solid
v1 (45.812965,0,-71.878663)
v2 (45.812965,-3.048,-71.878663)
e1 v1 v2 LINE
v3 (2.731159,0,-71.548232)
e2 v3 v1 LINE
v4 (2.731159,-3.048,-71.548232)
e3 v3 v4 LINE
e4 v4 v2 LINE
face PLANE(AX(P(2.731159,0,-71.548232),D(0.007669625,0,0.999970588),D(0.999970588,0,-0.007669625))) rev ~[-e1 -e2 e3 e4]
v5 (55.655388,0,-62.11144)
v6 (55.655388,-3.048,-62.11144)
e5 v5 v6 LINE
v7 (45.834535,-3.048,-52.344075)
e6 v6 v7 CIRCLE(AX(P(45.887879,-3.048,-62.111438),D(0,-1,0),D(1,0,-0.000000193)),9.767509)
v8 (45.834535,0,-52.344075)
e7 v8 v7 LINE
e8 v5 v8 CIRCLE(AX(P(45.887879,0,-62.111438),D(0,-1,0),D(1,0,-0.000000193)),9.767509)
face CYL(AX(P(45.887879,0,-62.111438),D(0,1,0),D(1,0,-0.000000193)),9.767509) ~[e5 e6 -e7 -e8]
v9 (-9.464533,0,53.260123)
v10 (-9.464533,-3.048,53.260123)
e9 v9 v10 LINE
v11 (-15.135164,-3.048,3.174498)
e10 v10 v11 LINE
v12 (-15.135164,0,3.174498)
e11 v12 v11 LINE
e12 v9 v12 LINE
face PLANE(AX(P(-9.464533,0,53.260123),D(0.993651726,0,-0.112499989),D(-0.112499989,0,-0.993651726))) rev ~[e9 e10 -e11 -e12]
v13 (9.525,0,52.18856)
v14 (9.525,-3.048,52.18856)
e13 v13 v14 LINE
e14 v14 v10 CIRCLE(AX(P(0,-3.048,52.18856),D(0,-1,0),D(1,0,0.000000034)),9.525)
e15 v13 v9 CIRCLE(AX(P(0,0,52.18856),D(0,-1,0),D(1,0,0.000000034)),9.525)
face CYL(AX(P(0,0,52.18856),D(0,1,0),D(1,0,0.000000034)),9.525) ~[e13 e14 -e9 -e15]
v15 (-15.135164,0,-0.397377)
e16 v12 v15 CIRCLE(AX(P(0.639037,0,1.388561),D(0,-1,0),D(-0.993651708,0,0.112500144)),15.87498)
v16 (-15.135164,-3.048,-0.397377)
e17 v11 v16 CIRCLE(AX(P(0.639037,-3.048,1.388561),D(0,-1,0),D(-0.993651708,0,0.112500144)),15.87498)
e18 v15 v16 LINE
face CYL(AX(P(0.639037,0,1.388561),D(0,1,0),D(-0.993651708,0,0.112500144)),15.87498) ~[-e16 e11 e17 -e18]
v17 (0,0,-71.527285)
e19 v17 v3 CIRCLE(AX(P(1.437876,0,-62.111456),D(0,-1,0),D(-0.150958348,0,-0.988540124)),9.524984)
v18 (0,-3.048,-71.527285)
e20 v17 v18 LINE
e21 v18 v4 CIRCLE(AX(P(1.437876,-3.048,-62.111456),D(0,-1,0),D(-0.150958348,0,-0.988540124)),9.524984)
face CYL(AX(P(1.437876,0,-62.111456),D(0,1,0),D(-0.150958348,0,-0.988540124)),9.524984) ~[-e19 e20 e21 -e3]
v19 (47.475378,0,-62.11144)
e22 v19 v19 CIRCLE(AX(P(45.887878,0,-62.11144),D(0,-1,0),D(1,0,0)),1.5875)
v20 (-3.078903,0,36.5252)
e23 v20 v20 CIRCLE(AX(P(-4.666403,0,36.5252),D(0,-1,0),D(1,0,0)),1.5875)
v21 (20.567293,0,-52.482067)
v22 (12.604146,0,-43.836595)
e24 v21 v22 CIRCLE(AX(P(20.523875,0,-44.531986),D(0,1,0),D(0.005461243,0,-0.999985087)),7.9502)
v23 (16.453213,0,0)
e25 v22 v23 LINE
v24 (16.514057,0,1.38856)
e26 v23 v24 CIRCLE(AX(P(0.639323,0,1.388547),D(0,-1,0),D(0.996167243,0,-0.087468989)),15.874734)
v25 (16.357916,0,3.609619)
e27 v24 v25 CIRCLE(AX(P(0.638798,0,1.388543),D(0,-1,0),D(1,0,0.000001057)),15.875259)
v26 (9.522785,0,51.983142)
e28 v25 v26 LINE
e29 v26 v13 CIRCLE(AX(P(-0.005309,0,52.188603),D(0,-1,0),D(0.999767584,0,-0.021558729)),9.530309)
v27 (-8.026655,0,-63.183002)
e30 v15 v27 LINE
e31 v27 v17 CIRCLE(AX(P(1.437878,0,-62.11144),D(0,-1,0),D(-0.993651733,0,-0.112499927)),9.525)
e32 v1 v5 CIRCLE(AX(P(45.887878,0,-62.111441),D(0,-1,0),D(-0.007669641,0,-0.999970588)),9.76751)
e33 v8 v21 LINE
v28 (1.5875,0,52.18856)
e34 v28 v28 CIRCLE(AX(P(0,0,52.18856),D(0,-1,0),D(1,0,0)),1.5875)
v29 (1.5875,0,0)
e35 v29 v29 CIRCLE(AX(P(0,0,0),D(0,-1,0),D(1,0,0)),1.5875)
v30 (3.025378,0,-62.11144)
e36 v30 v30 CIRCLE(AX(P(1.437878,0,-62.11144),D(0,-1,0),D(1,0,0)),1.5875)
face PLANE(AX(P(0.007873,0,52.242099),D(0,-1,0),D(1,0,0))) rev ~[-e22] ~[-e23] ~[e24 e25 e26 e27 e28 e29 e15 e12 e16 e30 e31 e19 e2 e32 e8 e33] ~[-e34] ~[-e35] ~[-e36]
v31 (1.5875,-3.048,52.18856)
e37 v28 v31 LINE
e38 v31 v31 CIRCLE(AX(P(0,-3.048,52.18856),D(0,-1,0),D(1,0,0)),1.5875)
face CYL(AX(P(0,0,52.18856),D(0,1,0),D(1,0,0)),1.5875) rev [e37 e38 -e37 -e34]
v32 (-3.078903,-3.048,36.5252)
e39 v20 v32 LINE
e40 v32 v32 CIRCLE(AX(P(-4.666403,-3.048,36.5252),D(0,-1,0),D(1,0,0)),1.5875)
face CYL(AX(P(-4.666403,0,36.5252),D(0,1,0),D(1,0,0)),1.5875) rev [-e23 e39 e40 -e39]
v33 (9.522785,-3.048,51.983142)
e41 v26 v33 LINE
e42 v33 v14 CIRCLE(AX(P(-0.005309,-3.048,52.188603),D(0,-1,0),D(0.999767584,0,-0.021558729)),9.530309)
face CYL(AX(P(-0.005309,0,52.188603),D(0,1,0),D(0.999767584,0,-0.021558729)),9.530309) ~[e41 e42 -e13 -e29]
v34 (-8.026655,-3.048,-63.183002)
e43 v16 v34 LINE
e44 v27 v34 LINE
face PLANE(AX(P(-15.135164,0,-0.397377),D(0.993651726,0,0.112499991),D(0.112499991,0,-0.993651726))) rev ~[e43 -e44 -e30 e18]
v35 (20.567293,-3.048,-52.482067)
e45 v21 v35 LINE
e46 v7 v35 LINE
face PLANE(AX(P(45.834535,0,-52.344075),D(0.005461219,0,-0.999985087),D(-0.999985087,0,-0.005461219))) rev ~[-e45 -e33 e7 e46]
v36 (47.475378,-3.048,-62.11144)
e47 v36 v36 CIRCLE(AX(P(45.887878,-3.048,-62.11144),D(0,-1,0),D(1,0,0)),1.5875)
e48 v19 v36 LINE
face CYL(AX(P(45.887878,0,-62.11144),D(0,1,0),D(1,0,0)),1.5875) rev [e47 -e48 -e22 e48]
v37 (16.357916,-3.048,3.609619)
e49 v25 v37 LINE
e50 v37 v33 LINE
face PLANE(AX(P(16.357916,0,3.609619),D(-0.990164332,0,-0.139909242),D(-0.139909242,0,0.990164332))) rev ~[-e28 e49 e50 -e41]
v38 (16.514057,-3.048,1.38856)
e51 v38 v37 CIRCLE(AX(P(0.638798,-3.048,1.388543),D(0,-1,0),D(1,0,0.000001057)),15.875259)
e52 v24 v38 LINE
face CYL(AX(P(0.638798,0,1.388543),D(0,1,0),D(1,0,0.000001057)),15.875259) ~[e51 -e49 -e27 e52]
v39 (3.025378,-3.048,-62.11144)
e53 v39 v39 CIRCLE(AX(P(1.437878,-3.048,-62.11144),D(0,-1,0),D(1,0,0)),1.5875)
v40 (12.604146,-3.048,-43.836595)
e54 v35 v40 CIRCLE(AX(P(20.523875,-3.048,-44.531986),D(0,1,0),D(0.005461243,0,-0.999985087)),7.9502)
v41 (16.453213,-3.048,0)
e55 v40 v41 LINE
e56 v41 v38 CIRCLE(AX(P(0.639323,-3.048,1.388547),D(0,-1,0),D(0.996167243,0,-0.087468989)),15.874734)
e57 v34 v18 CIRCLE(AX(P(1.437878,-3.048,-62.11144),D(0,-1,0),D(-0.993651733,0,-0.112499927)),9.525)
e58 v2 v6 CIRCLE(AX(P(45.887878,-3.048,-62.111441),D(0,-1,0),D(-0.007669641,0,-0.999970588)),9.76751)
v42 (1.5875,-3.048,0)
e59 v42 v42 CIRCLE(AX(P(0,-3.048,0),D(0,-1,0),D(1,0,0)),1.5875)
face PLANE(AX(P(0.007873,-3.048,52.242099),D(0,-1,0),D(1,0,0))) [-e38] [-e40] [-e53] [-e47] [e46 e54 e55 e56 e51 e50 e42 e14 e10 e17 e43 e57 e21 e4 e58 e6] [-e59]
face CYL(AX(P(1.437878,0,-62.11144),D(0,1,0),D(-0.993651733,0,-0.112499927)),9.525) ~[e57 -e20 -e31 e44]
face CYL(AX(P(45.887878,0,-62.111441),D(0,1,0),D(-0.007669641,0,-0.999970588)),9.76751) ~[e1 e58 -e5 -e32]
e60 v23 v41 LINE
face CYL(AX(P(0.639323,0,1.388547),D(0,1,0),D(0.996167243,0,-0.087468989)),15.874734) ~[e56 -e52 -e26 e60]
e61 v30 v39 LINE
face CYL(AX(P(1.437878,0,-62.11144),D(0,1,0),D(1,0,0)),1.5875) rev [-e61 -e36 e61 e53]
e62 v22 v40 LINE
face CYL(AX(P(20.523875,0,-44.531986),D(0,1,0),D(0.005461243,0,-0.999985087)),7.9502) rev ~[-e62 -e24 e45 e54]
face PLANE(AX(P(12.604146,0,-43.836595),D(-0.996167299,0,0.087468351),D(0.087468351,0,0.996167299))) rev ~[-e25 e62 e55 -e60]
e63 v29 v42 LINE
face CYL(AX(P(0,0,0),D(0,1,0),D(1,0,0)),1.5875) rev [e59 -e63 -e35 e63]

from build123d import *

# Parameters (mm, degrees)
F0_R     = 1.5875
F1_DEPTH = 3.048


with BuildPart() as f1:
    # F0 (on Front) → F1 (new body)
    with BuildSketch(Plane.XZ):
        with BuildLine():
            ThreePointArc((9.522785, 51.983142), (9.524446, 52.085845), (9.525, 52.18856))
            ThreePointArc((9.525, 52.18856), (0.536634, 61.698431), (-9.464533, 53.260123))
            ThreePointArc((-9.464533, 53.260123), (-0.639155, 42.685029), (9.522785, 51.983142))
        make_face()
        with Locations((0, 52.18856)):
            Circle(F0_R, mode=Mode.SUBTRACT)
        with BuildLine():
            ThreePointArc((9.522785, 51.983142), (-0.639155, 42.685029), (-9.464533, 53.260123))
            Line((-9.464533, 53.260123), (-15.135164, 3.174498))
            ThreePointArc((-15.135164, 3.174498), (0.419742, 17.262045), (16.357916, 3.609619))
            Line((16.357916, 3.609619), (9.522785, 51.983142))
        make_face()
        with Locations((-4.666403, 36.5252)):
            Circle(F0_R, mode=Mode.SUBTRACT)
        with BuildLine():
            ThreePointArc((16.357916, 3.609619), (0.419742, 17.262045), (-15.135164, 3.174498))
            ThreePointArc((-15.135164, 3.174498), (-15.235943, 1.38856), (-15.135164, -0.397377))
            ThreePointArc((-15.135164, -0.397377), (0.838746, -14.485184), (16.453213, 0))
            ThreePointArc((16.453213, 0), (16.498839, 0.693614), (16.514057, 1.38856))
            ThreePointArc((16.514057, 1.38856), (16.474973, 2.501831), (16.357916, 3.609619))
        make_face()
        Circle(F0_R, mode=Mode.SUBTRACT)
        with BuildLine():
            ThreePointArc((16.453213, 0), (0.838746, -14.485184), (-15.135164, -0.397377))
            Line((-15.135164, -0.397377), (-8.026655, -63.183002))
            ThreePointArc((-8.026655, -63.183002), (0.901244, -52.601569), (10.962878, -62.11144))
            ThreePointArc((10.962878, -62.11144), (8.615765, -68.372715), (2.731159, -71.548232))
            Line((2.731159, -71.548232), (45.812965, -71.878663))
            ThreePointArc((45.812965, -71.878663), (36.120374, -62.100654), (45.834535, -52.344075))
            Line((45.834535, -52.344075), (20.567293, -52.482067))
            ThreePointArc((20.567293, -52.482067), (14.676216, -49.918131), (12.604146, -43.836595))
            Line((12.604146, -43.836595), (16.453213, 0))
        make_face()
        with BuildLine():
            ThreePointArc((10.962878, -62.11144), (0.901244, -52.601569), (-8.026655, -63.183002))
            ThreePointArc((-8.026655, -63.183002), (-5.426698, -68.714714), (0, -71.527285))
            Line((0, -71.527285), (2.731159, -71.548232))
            ThreePointArc((2.731159, -71.548232), (8.615765, -68.372715), (10.962878, -62.11144))
        make_face()
        with Locations((1.437878, -62.11144)):
            Circle(F0_R, mode=Mode.SUBTRACT)
        with BuildLine():
            Line((2.731159, -71.548232), (0, -71.527285))
            ThreePointArc((0, -71.527285), (1.364825, -71.63616), (2.731159, -71.548232))
        make_face()
        with BuildLine():
            ThreePointArc((55.655388, -62.11144), (52.775666, -55.185933), (45.834535, -52.344075))
            ThreePointArc((45.834535, -52.344075), (36.120374, -62.100654), (45.812965, -71.878663))
            ThreePointArc((45.812965, -71.878663), (52.768014, -69.044548), (55.655388, -62.11144))
        make_face()
        with Locations((45.887878, -62.11144)):
            Circle(F0_R, mode=Mode.SUBTRACT)
    extrude(amount=F1_DEPTH)


solid = f1.part
